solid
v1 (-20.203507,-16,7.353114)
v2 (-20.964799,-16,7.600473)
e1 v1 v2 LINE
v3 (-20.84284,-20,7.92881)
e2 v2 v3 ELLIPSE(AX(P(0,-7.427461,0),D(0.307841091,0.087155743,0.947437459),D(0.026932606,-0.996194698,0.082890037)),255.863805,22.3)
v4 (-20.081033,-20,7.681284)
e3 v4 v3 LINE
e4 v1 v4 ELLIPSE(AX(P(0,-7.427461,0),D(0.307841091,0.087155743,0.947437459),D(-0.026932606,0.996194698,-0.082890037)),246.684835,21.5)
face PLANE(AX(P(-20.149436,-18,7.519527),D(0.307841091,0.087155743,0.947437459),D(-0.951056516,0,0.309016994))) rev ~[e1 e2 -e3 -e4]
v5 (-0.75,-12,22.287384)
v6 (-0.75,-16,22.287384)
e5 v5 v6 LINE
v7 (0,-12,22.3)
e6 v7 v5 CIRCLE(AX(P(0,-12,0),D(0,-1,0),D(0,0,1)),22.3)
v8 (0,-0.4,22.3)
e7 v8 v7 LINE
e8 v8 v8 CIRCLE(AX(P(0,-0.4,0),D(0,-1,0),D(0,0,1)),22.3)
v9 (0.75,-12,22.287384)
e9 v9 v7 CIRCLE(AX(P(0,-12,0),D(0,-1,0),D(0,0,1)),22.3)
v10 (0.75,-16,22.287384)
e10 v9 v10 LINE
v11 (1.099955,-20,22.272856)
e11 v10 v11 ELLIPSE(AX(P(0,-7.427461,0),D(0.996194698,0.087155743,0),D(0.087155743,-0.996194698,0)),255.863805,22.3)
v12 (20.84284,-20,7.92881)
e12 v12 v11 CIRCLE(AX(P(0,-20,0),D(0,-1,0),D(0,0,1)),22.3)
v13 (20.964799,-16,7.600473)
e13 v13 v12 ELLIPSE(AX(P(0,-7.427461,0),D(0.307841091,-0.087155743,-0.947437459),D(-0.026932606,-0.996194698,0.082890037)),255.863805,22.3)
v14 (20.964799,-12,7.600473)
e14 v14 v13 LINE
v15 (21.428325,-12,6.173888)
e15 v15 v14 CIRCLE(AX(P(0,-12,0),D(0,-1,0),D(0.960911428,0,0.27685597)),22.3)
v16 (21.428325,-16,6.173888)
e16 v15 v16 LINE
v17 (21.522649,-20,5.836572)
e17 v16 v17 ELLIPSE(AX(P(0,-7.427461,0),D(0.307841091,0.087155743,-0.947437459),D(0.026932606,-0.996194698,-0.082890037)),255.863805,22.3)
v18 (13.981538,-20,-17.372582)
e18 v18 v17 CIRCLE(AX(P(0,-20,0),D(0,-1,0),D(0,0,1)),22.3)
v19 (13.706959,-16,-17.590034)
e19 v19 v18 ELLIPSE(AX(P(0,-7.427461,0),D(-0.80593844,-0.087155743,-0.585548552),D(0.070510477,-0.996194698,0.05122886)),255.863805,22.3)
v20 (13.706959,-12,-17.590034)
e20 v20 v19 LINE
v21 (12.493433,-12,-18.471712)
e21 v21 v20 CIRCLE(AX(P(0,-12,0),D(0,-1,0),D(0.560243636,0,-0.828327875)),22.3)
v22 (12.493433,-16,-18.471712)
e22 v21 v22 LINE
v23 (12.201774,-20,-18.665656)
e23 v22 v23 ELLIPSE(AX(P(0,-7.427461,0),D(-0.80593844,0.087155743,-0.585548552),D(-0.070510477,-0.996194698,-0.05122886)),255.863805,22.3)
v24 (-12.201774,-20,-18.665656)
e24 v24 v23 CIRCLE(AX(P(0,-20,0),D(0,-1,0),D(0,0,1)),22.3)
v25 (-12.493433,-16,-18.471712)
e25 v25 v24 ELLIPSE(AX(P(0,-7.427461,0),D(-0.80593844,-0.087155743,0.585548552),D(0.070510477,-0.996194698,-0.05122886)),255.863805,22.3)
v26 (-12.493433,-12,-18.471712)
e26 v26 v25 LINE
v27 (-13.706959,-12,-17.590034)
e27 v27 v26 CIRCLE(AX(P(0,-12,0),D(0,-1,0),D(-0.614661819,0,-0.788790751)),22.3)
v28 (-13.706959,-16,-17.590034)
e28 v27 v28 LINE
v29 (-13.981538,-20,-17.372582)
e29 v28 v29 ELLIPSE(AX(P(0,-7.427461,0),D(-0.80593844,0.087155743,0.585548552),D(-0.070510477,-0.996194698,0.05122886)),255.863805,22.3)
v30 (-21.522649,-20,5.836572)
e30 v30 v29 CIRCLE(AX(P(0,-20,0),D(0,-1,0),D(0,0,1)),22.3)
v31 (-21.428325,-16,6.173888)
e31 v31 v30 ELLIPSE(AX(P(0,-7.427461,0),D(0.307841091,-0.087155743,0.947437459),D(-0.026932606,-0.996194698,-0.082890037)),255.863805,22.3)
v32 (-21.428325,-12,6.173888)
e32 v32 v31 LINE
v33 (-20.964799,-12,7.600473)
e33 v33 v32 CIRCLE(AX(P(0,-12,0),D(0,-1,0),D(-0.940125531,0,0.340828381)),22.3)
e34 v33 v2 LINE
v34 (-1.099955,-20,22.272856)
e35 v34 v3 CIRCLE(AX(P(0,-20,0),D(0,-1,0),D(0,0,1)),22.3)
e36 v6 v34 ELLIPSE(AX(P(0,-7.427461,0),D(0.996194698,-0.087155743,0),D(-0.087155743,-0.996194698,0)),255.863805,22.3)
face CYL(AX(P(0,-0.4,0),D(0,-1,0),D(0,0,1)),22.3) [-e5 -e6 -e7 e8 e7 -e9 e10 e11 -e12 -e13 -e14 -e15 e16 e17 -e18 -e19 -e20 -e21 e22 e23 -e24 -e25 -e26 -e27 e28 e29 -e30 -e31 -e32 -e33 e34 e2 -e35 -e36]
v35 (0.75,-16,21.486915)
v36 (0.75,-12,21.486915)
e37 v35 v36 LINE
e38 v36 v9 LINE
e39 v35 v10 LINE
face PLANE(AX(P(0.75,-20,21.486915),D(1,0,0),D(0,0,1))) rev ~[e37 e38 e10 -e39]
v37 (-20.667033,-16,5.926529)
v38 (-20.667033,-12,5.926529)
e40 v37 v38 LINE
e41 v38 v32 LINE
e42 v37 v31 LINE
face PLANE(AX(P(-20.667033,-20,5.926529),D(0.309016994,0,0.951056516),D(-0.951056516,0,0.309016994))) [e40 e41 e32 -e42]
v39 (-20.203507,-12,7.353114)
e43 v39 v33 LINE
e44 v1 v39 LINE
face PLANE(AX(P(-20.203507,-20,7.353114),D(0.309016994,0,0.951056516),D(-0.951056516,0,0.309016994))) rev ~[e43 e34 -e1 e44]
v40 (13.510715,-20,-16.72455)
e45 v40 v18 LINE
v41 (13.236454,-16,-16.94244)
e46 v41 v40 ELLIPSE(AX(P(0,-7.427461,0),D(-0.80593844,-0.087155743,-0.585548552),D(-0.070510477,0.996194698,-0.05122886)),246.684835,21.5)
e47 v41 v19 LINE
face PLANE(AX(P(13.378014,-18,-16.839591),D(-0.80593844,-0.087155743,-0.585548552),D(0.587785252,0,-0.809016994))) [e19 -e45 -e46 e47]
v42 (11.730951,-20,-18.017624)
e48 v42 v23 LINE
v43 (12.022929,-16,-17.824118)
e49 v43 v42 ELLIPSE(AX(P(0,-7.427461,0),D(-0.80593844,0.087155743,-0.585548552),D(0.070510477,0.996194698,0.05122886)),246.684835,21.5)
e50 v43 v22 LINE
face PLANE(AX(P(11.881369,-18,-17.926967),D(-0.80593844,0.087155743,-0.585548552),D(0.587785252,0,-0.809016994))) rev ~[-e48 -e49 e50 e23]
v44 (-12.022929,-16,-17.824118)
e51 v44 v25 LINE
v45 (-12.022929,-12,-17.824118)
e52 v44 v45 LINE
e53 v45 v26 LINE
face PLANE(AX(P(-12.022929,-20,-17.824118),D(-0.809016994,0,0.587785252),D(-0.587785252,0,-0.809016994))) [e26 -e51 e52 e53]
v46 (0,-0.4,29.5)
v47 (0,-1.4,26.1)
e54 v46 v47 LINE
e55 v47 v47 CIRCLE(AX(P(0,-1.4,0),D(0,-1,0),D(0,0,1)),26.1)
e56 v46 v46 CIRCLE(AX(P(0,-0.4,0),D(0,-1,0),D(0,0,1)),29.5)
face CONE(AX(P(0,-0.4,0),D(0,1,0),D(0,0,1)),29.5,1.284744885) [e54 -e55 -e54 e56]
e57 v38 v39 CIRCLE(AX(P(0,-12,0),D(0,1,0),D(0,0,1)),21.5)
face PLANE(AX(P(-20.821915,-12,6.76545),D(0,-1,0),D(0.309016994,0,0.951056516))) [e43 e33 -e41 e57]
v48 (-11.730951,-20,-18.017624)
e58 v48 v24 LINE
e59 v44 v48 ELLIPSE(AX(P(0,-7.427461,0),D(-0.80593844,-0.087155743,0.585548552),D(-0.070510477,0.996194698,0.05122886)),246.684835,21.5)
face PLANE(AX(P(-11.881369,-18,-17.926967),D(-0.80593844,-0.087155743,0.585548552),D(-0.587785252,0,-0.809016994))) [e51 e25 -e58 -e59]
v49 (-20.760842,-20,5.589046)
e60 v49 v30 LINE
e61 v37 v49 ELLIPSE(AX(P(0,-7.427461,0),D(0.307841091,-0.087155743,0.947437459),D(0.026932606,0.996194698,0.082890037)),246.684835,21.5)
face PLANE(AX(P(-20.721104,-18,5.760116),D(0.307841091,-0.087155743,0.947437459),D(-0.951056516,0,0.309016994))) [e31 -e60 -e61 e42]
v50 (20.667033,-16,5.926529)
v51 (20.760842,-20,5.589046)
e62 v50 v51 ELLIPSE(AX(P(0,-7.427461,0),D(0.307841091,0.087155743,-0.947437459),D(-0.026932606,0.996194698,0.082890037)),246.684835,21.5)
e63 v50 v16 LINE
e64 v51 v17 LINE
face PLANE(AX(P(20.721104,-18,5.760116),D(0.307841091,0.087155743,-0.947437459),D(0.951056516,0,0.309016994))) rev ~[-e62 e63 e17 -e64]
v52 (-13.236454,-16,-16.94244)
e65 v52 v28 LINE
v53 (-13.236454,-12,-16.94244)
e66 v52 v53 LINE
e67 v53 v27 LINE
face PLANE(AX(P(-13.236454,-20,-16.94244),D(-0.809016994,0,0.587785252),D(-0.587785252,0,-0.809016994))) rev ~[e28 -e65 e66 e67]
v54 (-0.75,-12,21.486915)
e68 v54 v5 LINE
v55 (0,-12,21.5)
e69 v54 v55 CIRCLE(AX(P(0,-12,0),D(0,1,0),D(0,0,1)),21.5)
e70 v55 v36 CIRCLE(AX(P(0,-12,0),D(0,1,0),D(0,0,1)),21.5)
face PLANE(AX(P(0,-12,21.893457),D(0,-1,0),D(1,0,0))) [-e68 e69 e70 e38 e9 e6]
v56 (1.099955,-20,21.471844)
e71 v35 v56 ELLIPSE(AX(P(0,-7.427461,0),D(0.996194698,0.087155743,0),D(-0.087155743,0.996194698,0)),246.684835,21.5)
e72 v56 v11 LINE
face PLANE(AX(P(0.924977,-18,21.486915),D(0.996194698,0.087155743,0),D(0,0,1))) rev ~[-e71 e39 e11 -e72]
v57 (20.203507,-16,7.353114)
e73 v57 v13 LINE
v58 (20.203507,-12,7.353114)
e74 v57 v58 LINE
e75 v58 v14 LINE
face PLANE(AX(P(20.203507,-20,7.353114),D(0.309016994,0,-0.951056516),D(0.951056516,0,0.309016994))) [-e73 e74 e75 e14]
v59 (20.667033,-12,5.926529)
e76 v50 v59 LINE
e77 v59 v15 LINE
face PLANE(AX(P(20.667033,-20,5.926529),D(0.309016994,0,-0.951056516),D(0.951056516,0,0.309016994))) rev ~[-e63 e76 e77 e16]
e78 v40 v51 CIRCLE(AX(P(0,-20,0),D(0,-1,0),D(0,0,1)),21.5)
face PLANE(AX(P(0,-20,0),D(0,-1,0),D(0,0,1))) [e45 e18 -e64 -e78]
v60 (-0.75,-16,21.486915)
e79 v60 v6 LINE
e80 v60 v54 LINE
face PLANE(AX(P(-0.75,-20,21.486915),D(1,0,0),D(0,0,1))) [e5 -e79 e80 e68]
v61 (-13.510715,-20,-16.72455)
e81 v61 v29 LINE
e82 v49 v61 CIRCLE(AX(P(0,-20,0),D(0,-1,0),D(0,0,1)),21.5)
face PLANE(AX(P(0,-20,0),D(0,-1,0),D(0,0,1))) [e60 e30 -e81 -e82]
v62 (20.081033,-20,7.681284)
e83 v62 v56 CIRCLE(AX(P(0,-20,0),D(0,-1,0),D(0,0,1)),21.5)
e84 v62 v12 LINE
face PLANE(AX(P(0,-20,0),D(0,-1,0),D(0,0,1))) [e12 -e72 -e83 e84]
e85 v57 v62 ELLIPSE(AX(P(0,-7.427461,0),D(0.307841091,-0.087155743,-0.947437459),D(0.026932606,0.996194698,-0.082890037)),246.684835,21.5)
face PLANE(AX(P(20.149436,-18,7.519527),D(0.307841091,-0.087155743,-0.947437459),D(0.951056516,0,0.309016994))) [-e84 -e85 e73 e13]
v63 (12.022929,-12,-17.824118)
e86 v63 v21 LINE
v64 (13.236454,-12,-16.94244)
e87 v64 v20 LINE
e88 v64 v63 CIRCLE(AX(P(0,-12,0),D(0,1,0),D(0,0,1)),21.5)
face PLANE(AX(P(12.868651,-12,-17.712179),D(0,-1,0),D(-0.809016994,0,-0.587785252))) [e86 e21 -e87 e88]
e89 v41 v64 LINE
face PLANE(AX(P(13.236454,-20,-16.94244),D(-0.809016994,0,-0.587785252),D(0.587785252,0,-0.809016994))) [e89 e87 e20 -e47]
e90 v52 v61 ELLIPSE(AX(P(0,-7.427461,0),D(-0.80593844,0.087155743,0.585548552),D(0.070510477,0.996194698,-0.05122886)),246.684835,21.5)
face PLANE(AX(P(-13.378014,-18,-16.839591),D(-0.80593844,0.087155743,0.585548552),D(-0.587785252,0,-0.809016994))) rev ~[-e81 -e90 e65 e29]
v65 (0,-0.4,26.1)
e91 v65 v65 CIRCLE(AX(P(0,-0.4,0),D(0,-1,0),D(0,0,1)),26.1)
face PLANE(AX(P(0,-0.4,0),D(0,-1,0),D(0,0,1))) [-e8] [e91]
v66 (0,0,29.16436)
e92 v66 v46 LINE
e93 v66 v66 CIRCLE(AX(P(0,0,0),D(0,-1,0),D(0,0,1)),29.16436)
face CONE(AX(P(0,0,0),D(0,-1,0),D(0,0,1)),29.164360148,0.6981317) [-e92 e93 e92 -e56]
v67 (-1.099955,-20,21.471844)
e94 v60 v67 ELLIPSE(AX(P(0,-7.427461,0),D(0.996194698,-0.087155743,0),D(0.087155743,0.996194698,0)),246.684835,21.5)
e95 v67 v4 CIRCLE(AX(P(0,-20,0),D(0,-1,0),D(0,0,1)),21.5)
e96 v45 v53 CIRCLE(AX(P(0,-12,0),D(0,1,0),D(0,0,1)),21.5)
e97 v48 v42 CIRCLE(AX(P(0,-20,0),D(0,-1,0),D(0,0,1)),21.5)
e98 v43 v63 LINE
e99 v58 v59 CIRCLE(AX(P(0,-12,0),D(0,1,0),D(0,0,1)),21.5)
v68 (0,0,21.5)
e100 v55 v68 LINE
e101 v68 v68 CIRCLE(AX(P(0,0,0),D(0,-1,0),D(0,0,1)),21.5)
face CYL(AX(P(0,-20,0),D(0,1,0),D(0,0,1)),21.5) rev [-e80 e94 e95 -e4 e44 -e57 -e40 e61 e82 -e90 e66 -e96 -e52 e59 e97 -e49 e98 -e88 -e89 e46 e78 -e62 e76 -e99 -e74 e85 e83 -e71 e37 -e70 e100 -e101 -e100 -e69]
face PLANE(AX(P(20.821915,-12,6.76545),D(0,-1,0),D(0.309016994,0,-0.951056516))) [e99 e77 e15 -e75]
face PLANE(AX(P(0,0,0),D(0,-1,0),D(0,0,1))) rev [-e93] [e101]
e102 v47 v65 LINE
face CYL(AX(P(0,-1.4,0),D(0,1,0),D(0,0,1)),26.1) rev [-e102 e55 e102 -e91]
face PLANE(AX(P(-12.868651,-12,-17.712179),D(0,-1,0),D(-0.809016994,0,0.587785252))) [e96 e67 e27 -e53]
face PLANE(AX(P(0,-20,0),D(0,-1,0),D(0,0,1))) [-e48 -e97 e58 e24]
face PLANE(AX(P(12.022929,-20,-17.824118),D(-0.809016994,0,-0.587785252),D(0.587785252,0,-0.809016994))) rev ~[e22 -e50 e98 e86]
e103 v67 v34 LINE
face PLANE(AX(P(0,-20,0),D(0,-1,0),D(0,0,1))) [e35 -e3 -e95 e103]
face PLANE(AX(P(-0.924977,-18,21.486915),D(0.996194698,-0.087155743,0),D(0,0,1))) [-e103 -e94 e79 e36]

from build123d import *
from OCP.BRepFilletAPI import BRepFilletAPI_MakeChamfer

# Parameters (mm, degrees)
SKETCH2_W                     = 1.5
SKETCH2_H                     = 0.813085377
CUT_EXTRUDE1_DEPTH            = 8
CHAMFER1_SIZE                 = 4
CHAMFER1_SIZE2                = 0.349954654
CIRPATTERN1_COUNT             = 5
CHAMFER1_OF_CIRPATTERN1_SIZE  = 4
CHAMFER1_OF_CIRPATTERN1_SIZE2 = 0.349954654


with BuildPart() as part:
    # Sketch1 → Revolve1 (revolve)
    with BuildSketch(Plane(origin=(0, 0, 0), x_dir=(0, 0, -1), z_dir=(1, 0, 0))):
        Polygon((21.5, -20), (21.5, 0), (29.164360148, 0), (29.5, -0.4), (26.1, -1.4), (26.1, -0.4), (22.3, -0.4), (22.3, -20), align=None)
    revolve(axis=Axis((0, 64.33779776, 0), (0, -1, 0)))

    # Sketch2 → Cut-Extrude1 (cut)
    with BuildSketch(Plane.XZ.offset(20)):
        with Locations((0, 21.893457312)):
            Rectangle(SKETCH2_W, SKETCH2_H)
    cut_extrude1 = extrude(amount=-CUT_EXTRUDE1_DEPTH, mode=Mode.SUBTRACT)

    # Chamfer1: one chamfer whose edges measure the first distance from different faces: ONE call of the kernel's chamfer builder (chamfer() names one face for all edges)
    chamfer1_edges_1 = [part.edges().sort_by_distance(p)[0] for p in [
        (-0.75, -20, 21.887149473),
    ]]
    chamfer1_side_1 = [part.faces().sort_by_distance(p)[0] for p in [
        (-0.75, -16, 21.887149473),
    ]]
    chamfer1_edges_2 = [part.edges().sort_by_distance(p)[0] for p in [
        (0.75, -20, 21.887149473),
    ]]
    chamfer1_side_2 = [part.faces().sort_by_distance(p)[0] for p in [
        (0.75, -16, 21.887149473),
    ]]
    chamfer1 = BRepFilletAPI_MakeChamfer(part.part.solid().wrapped)
    for e in chamfer1_edges_1:
        chamfer1.Add(CHAMFER1_SIZE, CHAMFER1_SIZE2, e.wrapped, chamfer1_side_1[0].wrapped)  # the first distance lies on this face
    for e in chamfer1_edges_2:
        chamfer1.Add(CHAMFER1_SIZE, CHAMFER1_SIZE2, e.wrapped, chamfer1_side_2[0].wrapped)  # the first distance lies on this face
    add(Compound.cast(chamfer1.Shape()), mode=Mode.REPLACE)

    # CirPattern1: Cut-Extrude1 ×5 about axis
    cirpattern1_axis = Axis((0, 64.33779776, 0), (0, -1, 0))
    for i in range(1, CIRPATTERN1_COUNT):
        add(cut_extrude1.rotate(cirpattern1_axis, i * 360 / CIRPATTERN1_COUNT), mode=Mode.SUBTRACT)

    # Chamfer1 of CirPattern1: one chamfer whose edges measure the first distance from different faces: ONE call of the kernel's chamfer builder (chamfer() names one face for all edges)
    chamfer1_of_cirpattern1_edges_1 = [part.edges().sort_by_distance(p)[0] for p in [
        (-21.047678875, -20, 6.050208758),
    ]]
    chamfer1_of_cirpattern1_side_1 = [part.faces().sort_by_distance(p)[0] for p in [
        (-21.047678875, -16, 6.050208758),
    ]]
    chamfer1_of_cirpattern1_edges_2 = [part.edges().sort_by_distance(p)[0] for p in [
        (-20.584153384, -20, 7.476793533),
    ]]
    chamfer1_of_cirpattern1_side_2 = [part.faces().sort_by_distance(p)[0] for p in [
        (-20.584153384, -16, 7.476793533),
    ]]
    chamfer1_of_cirpattern1_edges_3 = [part.edges().sort_by_distance(p)[0] for p in [
        (-12.258180929, -20, -18.147914822),
    ]]
    chamfer1_of_cirpattern1_side_3 = [part.faces().sort_by_distance(p)[0] for p in [
        (-12.258180929, -16, -18.147914822),
    ]]
    chamfer1_of_cirpattern1_edges_4 = [part.edges().sort_by_distance(p)[0] for p in [
        (-13.471706421, -20, -17.266236943),
    ]]
    chamfer1_of_cirpattern1_side_4 = [part.faces().sort_by_distance(p)[0] for p in [
        (-13.471706421, -16, -17.266236943),
    ]]
    chamfer1_of_cirpattern1_edges_5 = [part.edges().sort_by_distance(p)[0] for p in [
        (13.471706421, -20, -17.266236943),
    ]]
    chamfer1_of_cirpattern1_side_5 = [part.faces().sort_by_distance(p)[0] for p in [
        (13.471706421, -16, -17.266236943),
    ]]
    chamfer1_of_cirpattern1_edges_6 = [part.edges().sort_by_distance(p)[0] for p in [
        (12.258180929, -20, -18.147914822),
    ]]
    chamfer1_of_cirpattern1_side_6 = [part.faces().sort_by_distance(p)[0] for p in [
        (12.258180929, -16, -18.147914822),
    ]]
    chamfer1_of_cirpattern1_edges_7 = [part.edges().sort_by_distance(p)[0] for p in [
        (20.584153384, -20, 7.476793533),
    ]]
    chamfer1_of_cirpattern1_side_7 = [part.faces().sort_by_distance(p)[0] for p in [
        (20.584153384, -16, 7.476793533),
    ]]
    chamfer1_of_cirpattern1_edges_8 = [part.edges().sort_by_distance(p)[0] for p in [
        (21.047678875, -20, 6.050208758),
    ]]
    chamfer1_of_cirpattern1_side_8 = [part.faces().sort_by_distance(p)[0] for p in [
        (21.047678875, -16, 6.050208758),
    ]]
    chamfer1_of_cirpattern1 = BRepFilletAPI_MakeChamfer(part.part.solid().wrapped)
    for e in chamfer1_of_cirpattern1_edges_1:
        chamfer1_of_cirpattern1.Add(CHAMFER1_OF_CIRPATTERN1_SIZE, CHAMFER1_OF_CIRPATTERN1_SIZE2, e.wrapped, chamfer1_of_cirpattern1_side_1[0].wrapped)  # the first distance lies on this face
    for e in chamfer1_of_cirpattern1_edges_2:
        chamfer1_of_cirpattern1.Add(CHAMFER1_OF_CIRPATTERN1_SIZE, CHAMFER1_OF_CIRPATTERN1_SIZE2, e.wrapped, chamfer1_of_cirpattern1_side_2[0].wrapped)  # the first distance lies on this face
    for e in chamfer1_of_cirpattern1_edges_3:
        chamfer1_of_cirpattern1.Add(CHAMFER1_OF_CIRPATTERN1_SIZE, CHAMFER1_OF_CIRPATTERN1_SIZE2, e.wrapped, chamfer1_of_cirpattern1_side_3[0].wrapped)  # the first distance lies on this face
    for e in chamfer1_of_cirpattern1_edges_4:
        chamfer1_of_cirpattern1.Add(CHAMFER1_OF_CIRPATTERN1_SIZE, CHAMFER1_OF_CIRPATTERN1_SIZE2, e.wrapped, chamfer1_of_cirpattern1_side_4[0].wrapped)  # the first distance lies on this face
    for e in chamfer1_of_cirpattern1_edges_5:
        chamfer1_of_cirpattern1.Add(CHAMFER1_OF_CIRPATTERN1_SIZE, CHAMFER1_OF_CIRPATTERN1_SIZE2, e.wrapped, chamfer1_of_cirpattern1_side_5[0].wrapped)  # the first distance lies on this face
    for e in chamfer1_of_cirpattern1_edges_6:
        chamfer1_of_cirpattern1.Add(CHAMFER1_OF_CIRPATTERN1_SIZE, CHAMFER1_OF_CIRPATTERN1_SIZE2, e.wrapped, chamfer1_of_cirpattern1_side_6[0].wrapped)  # the first distance lies on this face
    for e in chamfer1_of_cirpattern1_edges_7:
        chamfer1_of_cirpattern1.Add(CHAMFER1_OF_CIRPATTERN1_SIZE, CHAMFER1_OF_CIRPATTERN1_SIZE2, e.wrapped, chamfer1_of_cirpattern1_side_7[0].wrapped)  # the first distance lies on this face
    for e in chamfer1_of_cirpattern1_edges_8:
        chamfer1_of_cirpattern1.Add(CHAMFER1_OF_CIRPATTERN1_SIZE, CHAMFER1_OF_CIRPATTERN1_SIZE2, e.wrapped, chamfer1_of_cirpattern1_side_8[0].wrapped)  # the first distance lies on this face
    add(Compound.cast(chamfer1_of_cirpattern1.Shape()), mode=Mode.REPLACE)


solid = part.part
